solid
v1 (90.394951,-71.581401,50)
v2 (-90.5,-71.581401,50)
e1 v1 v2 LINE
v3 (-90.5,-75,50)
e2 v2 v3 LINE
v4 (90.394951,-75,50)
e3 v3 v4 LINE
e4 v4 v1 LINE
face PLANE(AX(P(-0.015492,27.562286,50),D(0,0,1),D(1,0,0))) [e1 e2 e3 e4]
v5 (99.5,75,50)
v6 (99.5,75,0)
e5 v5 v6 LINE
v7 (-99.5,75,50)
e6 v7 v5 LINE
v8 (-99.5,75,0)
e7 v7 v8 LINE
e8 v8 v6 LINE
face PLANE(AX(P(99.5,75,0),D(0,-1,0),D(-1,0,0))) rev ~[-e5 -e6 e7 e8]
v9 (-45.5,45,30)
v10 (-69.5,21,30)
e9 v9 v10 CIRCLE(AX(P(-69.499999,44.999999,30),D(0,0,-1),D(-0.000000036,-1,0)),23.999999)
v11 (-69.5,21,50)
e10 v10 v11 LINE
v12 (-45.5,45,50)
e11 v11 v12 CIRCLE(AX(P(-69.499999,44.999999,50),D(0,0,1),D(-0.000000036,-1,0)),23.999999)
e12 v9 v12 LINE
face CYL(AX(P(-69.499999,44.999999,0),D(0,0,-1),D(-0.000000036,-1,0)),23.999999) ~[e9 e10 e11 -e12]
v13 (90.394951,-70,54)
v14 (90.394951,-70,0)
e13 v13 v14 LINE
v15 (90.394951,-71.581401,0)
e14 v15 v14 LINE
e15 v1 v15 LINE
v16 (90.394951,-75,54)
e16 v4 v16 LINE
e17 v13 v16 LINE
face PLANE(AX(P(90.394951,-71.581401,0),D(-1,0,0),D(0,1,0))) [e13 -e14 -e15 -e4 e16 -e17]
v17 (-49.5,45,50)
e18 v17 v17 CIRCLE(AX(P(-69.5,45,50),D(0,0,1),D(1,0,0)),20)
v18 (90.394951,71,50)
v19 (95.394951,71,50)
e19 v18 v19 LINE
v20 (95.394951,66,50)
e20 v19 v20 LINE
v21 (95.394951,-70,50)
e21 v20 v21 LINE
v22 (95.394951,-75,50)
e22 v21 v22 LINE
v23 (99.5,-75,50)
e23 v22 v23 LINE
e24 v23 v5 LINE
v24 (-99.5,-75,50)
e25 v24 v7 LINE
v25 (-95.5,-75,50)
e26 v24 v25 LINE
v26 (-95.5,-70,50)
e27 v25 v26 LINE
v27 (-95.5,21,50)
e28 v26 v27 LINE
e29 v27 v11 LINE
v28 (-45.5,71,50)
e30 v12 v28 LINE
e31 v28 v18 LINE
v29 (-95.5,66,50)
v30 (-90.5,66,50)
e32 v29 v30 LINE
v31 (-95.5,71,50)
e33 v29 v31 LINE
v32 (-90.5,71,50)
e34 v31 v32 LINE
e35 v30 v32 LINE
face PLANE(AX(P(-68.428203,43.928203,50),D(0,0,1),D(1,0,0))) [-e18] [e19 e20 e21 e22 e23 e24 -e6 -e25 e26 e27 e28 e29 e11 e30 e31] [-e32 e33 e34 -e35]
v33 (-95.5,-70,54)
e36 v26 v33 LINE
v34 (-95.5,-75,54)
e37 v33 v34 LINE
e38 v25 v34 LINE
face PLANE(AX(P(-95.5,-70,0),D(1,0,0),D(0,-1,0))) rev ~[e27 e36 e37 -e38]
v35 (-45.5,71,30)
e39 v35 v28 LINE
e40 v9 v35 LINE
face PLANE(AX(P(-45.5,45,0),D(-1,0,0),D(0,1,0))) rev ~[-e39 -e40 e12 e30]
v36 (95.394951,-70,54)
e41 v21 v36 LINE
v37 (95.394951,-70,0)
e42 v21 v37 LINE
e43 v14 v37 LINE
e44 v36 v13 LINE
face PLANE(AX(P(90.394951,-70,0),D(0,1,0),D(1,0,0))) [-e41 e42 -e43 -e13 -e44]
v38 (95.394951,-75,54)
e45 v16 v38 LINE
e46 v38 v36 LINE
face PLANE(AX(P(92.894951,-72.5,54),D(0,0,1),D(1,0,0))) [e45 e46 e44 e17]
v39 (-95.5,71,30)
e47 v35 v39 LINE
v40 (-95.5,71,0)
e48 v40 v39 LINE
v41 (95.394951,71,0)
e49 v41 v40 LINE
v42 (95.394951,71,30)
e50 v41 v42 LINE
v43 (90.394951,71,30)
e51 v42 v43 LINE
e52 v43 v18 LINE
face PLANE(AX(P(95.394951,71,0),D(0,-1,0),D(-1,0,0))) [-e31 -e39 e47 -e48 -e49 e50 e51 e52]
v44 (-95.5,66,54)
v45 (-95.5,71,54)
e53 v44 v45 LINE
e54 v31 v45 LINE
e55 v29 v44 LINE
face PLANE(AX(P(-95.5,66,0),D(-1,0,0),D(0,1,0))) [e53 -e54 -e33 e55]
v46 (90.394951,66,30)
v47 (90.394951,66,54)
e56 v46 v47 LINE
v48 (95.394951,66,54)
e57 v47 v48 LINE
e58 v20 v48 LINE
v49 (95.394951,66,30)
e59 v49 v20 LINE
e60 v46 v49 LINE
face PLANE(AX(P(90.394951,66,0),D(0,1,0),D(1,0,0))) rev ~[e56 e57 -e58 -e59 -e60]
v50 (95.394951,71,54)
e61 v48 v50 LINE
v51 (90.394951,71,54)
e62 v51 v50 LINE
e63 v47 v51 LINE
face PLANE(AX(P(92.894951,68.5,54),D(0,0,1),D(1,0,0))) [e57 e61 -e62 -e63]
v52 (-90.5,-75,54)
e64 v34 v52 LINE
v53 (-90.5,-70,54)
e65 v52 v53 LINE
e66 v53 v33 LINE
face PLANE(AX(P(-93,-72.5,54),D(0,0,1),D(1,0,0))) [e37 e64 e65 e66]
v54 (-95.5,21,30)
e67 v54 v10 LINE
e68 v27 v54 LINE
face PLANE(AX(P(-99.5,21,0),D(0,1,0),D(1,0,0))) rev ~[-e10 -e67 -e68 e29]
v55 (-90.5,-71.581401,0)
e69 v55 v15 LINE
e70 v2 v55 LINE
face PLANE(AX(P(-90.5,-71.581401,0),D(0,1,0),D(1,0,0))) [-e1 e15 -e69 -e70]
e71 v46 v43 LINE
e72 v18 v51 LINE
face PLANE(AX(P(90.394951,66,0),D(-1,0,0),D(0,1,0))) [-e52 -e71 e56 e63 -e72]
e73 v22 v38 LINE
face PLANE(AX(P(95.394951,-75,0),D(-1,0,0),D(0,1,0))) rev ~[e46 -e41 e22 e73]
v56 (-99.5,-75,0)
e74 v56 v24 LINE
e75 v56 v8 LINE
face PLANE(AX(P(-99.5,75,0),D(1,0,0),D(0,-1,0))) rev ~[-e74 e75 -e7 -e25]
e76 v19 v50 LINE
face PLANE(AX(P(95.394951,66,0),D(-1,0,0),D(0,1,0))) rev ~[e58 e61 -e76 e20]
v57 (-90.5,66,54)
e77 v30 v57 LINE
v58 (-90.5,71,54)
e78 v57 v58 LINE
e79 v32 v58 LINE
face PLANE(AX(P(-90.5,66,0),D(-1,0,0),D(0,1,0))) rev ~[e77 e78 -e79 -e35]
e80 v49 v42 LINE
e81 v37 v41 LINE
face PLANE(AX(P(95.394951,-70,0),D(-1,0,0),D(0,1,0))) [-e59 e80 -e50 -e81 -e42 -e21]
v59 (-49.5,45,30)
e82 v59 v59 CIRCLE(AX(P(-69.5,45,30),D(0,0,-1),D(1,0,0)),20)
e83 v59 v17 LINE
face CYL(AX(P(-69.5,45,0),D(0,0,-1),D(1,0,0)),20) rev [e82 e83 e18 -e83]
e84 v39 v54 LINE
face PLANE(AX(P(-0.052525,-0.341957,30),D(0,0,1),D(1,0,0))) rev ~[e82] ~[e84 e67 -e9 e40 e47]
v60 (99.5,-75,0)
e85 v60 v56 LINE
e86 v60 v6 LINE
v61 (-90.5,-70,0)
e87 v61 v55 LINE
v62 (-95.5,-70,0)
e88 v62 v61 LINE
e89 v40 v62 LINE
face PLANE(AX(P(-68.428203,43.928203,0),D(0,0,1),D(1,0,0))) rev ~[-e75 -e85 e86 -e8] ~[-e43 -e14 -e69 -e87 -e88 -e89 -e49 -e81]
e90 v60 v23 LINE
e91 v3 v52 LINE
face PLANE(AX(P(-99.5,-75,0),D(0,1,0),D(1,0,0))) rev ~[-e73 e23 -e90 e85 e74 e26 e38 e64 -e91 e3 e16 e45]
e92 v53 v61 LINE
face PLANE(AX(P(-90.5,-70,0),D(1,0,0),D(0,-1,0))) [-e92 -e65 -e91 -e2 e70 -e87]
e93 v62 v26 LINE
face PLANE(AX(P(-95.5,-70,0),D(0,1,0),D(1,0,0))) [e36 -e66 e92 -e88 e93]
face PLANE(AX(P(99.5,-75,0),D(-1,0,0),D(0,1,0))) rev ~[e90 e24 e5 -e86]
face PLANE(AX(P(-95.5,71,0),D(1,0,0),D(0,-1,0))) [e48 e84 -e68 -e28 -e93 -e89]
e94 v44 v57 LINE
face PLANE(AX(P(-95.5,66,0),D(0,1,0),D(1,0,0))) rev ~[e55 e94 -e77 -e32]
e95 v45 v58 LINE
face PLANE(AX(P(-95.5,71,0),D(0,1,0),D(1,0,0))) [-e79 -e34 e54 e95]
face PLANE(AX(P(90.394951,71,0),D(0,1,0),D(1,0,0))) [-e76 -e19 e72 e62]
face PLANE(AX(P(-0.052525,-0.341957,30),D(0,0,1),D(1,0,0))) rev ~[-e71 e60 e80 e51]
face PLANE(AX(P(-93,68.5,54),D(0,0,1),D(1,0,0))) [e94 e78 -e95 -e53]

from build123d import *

# Parameters (mm, degrees)
F3_DEPTH = 6
F4_DEPTH = 50
F1_W     = 5
F1_H     = 5
F6_DEPTH = 54
F7_DEPTH = 54
F2_R     = 20
F8_DEPTH = 50
F9_DEPTH = 30


with BuildPart() as f3:
    # F2 (on Top) → F3 (new body)
    with BuildSketch(Plane.XY):
        with BuildLine():
            Line((-45.5, 75), (-99.5, 75))
            Line((-99.5, 75), (-99.5, 21))
            Line((-99.5, 21), (-69.5, 21))
            ThreePointArc((-69.5, 21), (-86.470563, 61.970563), (-45.5, 45))
            Line((-45.5, 45), (-45.5, 75))
        make_face()
        with BuildLine():
            Line((-20, 75), (-45.5, 75))
            Line((-45.5, 75), (-45.5, 45))
            ThreePointArc((-45.5, 45), (-52.529437, 28.029437), (-69.5, 21))
            Line((-69.5, 21), (-99.5, 21))
            Line((-99.5, 21), (-99.5, -75))
            Line((-99.5, -75), (99.5, -75))
            Line((99.5, -75), (99.5, 75))
            Line((99.5, 75), (20, 75))
            Line((20, 75), (-20, 75))
        make_face()
    extrude(amount=F3_DEPTH)

    # F1 (on Top) → F4 (join)
    with BuildSketch(Plane.XY):
        Polygon((99.5, 75), (-99.5, 75), (-99.5, -75), (-95.5, -75), (-95.5, -70), (-95.5, 66), (-95.5, 71), (-90.5, 71), (0, 71), (90.394951, 71), (95.394951, 71), (95.394951, 66), (95.394951, -70), (95.394951, -75), (99.5, -75), align=None)
        Polygon((-95.5, -70), (-95.5, -75), (-90.5, -75), (-90.5, -71.581401), (-90.5, -70), align=None)
        Polygon((90.394951, -75), (95.394951, -75), (95.394951, -70), (90.394951, -70), (90.394951, -71.581401), align=None)
        Polygon((-90.5, -71.581401), (-90.5, -75), (0, -75), (90.394951, -75), (90.394951, -71.581401), align=None)
    extrude(amount=F4_DEPTH)

    # F1 (on Top) → F6 (join)
    with BuildSketch(Plane.XY):
        with Locations((-93, 68.5)):
            Rectangle(F1_W, F1_H)
    extrude(amount=F6_DEPTH)

    # F1 (on Top) → F7 (join)
    with BuildSketch(Plane.XY):
        with Locations((92.894951, 68.5)):
            Rectangle(F1_W, F1_H)
        Polygon((90.394951, -75), (95.394951, -75), (95.394951, -70), (90.394951, -70), (90.394951, -71.581401), align=None)
        Polygon((-95.5, -70), (-95.5, -75), (-90.5, -75), (-90.5, -71.581401), (-90.5, -70), align=None)
    extrude(amount=F7_DEPTH)

    # F2 (on Top) → F8 (join)
    with BuildSketch(Plane.XY):
        with BuildLine():
            ThreePointArc((-69.5, 21), (-52.529437, 28.029437), (-45.5, 45))
            ThreePointArc((-45.5, 45), (-86.470563, 61.970563), (-69.5, 21))
        make_face()
        with Locations((-69.5, 45)):
            Circle(F2_R, mode=Mode.SUBTRACT)
        with BuildLine():
            Line((-45.5, 75), (-99.5, 75))
            Line((-99.5, 75), (-99.5, 21))
            Line((-99.5, 21), (-69.5, 21))
            ThreePointArc((-69.5, 21), (-86.470563, 61.970563), (-45.5, 45))
            Line((-45.5, 45), (-45.5, 75))
        make_face()
    extrude(amount=F8_DEPTH)

    # F1 (on Top) → F9 (cut)
    with BuildSketch(Plane.XY):
        Polygon((-95.5, 66), (-95.5, -70), (-90.5, -70), (-90.5, -71.581401), (90.394951, -71.581401), (90.394951, -70), (95.394951, -70), (95.394951, 66), (90.394951, 66), (90.394951, 71), (0, 71), (-90.5, 71), (-90.5, 66), align=None)
        with Locations((-93, 68.5)):
            Rectangle(F1_W, F1_H)
        with Locations((92.894951, 68.5)):
            Rectangle(F1_W, F1_H)
    extrude(amount=F9_DEPTH, mode=Mode.SUBTRACT)


solid = f3.part
